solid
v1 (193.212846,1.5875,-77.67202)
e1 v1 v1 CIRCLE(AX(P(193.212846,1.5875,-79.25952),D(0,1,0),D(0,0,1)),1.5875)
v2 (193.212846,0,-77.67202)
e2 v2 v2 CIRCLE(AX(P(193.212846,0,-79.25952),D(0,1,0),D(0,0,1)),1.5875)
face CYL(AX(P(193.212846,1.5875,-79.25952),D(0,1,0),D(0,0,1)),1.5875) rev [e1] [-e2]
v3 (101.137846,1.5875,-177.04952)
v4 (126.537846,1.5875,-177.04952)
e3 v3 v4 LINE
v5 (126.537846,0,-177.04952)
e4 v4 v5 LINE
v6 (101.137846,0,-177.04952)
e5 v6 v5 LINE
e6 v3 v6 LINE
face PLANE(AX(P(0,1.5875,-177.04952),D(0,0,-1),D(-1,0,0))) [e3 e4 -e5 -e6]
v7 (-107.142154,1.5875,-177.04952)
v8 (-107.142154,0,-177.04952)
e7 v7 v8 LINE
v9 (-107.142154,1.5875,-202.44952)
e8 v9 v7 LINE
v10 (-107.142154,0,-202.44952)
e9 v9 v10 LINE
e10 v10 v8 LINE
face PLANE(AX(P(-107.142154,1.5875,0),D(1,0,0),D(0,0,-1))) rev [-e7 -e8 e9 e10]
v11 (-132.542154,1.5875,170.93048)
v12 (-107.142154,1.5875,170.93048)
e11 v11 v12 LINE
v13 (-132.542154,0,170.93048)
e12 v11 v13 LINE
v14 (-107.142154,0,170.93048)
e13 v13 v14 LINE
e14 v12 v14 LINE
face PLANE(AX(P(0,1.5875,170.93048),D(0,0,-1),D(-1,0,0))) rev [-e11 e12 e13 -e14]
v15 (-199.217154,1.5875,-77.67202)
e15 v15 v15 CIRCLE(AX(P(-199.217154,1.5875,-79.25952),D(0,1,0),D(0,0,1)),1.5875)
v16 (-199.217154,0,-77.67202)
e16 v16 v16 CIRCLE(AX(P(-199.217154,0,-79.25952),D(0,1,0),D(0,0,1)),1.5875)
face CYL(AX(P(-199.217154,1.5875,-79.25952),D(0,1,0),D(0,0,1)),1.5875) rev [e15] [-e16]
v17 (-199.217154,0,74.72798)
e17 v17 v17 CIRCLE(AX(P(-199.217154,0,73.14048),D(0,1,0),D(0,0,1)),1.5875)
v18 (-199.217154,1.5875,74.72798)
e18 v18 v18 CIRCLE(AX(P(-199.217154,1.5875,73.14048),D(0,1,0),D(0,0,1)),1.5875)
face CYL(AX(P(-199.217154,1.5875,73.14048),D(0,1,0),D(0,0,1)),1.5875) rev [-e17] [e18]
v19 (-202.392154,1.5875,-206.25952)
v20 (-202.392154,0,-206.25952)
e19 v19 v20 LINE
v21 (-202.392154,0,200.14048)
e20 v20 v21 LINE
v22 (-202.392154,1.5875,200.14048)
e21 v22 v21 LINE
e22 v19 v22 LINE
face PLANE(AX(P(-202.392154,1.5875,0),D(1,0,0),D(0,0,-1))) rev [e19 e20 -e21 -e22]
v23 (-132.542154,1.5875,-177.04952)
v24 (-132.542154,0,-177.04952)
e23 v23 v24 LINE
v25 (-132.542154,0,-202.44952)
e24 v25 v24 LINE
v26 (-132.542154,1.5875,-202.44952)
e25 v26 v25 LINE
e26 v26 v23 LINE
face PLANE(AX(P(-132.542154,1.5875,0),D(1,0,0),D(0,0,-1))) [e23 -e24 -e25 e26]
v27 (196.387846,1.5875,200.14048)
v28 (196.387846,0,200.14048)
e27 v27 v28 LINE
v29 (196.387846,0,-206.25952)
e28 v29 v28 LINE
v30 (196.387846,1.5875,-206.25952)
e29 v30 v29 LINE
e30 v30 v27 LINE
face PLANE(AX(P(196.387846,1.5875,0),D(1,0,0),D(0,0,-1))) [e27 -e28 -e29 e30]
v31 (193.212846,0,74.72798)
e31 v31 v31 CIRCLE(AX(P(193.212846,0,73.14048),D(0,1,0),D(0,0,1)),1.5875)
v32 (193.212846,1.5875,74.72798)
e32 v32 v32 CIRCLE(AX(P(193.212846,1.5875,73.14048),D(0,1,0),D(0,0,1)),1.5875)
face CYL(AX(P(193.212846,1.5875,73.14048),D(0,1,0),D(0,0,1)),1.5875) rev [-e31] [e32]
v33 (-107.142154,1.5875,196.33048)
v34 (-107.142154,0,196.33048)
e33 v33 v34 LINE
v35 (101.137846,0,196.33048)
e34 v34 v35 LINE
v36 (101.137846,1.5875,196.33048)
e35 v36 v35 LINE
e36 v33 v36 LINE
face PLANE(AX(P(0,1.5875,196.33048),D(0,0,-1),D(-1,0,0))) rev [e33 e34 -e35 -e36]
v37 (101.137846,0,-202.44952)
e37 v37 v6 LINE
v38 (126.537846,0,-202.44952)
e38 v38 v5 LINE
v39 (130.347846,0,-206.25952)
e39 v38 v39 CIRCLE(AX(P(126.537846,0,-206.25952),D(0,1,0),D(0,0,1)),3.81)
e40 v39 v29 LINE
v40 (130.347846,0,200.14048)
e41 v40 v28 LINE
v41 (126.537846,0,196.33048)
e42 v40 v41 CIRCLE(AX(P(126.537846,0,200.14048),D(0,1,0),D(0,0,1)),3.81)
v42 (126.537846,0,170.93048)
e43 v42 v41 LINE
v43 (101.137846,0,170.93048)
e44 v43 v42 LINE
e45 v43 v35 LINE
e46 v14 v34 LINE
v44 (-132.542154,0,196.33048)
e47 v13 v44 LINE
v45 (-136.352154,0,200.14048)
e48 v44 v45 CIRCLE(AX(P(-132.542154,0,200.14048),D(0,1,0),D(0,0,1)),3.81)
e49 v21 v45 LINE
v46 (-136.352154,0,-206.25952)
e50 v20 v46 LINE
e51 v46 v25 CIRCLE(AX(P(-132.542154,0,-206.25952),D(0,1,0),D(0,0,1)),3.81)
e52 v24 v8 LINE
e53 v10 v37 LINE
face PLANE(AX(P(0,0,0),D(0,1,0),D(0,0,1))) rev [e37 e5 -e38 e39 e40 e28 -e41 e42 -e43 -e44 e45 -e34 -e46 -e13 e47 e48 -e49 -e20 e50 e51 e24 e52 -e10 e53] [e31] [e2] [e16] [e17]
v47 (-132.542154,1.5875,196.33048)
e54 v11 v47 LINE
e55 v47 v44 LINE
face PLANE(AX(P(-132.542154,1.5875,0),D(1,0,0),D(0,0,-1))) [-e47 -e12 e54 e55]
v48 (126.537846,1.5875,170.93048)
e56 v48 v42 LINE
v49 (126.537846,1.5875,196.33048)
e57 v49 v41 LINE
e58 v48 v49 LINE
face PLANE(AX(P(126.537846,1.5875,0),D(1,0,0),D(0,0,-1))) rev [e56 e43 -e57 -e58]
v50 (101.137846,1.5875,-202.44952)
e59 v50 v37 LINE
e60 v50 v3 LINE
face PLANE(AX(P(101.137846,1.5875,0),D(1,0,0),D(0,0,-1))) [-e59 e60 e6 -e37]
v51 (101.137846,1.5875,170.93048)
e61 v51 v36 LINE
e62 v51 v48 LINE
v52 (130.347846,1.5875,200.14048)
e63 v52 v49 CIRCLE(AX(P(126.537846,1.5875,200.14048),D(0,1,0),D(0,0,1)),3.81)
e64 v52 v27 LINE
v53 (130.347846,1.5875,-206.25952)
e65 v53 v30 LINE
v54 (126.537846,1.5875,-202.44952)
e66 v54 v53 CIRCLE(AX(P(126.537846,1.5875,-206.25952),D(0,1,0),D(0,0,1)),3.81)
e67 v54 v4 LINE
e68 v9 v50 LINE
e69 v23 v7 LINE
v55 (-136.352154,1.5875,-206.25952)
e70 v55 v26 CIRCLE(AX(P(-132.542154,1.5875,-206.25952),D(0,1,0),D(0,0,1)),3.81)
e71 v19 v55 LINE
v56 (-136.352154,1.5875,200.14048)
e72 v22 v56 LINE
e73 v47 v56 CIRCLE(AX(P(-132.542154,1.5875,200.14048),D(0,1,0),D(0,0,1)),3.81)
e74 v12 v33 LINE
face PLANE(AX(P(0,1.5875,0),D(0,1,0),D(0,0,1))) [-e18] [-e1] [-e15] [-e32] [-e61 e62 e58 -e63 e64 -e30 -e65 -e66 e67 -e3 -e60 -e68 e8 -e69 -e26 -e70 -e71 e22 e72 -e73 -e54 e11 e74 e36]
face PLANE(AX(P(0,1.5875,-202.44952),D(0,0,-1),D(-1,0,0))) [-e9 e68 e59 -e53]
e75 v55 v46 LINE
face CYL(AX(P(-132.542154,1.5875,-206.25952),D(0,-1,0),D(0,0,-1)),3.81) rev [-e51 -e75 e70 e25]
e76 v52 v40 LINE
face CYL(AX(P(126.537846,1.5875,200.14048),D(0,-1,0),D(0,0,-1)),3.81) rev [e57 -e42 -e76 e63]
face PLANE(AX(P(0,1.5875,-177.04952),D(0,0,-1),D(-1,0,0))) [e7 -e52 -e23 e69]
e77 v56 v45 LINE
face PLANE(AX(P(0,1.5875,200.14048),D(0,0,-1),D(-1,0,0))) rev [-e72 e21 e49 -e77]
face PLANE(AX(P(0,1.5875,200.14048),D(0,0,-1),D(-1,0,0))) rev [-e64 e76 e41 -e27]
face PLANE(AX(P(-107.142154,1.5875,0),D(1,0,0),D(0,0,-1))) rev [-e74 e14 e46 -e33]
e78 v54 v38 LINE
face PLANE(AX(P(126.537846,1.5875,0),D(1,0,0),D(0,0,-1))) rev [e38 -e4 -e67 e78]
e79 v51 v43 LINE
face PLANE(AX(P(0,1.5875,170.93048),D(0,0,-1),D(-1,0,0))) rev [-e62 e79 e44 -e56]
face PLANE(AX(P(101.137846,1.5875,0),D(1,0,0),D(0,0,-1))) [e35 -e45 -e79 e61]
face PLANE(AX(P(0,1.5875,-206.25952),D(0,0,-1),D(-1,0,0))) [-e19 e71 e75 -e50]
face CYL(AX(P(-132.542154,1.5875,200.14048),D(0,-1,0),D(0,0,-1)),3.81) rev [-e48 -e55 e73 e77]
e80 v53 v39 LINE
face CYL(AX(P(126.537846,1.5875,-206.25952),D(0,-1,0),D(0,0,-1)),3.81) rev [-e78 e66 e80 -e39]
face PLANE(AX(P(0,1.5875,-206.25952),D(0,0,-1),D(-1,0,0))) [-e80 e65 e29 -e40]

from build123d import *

# Parameters (mm, degrees)
BOSS_EXTRUDE1_DEPTH          = 1.5875
F_1_8_0_125_DIAMETER_HOLE1_D = 3.175


with BuildPart() as part:
    # Sketch1 → Boss-Extrude1 (new body)
    with BuildSketch(Plane(origin=(0, 0, 0), x_dir=(1, 0, 0), z_dir=(0, 1, 0))):
        with BuildLine():
            ThreePointArc((-132.542154043, 202.449520044), (-135.236230879, 203.565443208), (-136.352154043, 206.259520044))
            Line((-136.352154043, 206.259520044), (-202.392154043, 206.259520044))
            Line((-202.392154043, 206.259520044), (-202.392154043, -200.140479956))
            Line((-202.392154043, -200.140479956), (-136.352154043, -200.140479956))
            ThreePointArc((-136.352154043, -200.140479956), (-135.236230879, -197.44640312), (-132.542154043, -196.330479956))
            Line((-132.542154043, -196.330479956), (-132.542154043, -170.930479956))
            Line((-132.542154043, -170.930479956), (-107.142154043, -170.930479956))
            Line((-107.142154043, -170.930479956), (-107.142154043, -196.330479956))
            Line((-107.142154043, -196.330479956), (101.137845957, -196.330479956))
            Line((101.137845957, -196.330479956), (101.137845957, -170.930479956))
            Line((101.137845957, -170.930479956), (126.537845957, -170.930479956))
            Line((126.537845957, -170.930479956), (126.537845957, -196.330479956))
            ThreePointArc((126.537845957, -196.330479956), (129.231922793, -197.44640312), (130.347845957, -200.140479956))
            Line((130.347845957, -200.140479956), (196.387845957, -200.140479956))
            Line((196.387845957, -200.140479956), (196.387845957, 206.259520044))
            Line((196.387845957, 206.259520044), (130.347845957, 206.259520044))
            ThreePointArc((130.347845957, 206.259520044), (129.231922793, 203.565443208), (126.537845957, 202.449520044))
            Line((126.537845957, 202.449520044), (126.537845957, 177.049520044))
            Line((126.537845957, 177.049520044), (101.137845957, 177.049520044))
            Line((101.137845957, 177.049520044), (101.137845957, 202.449520044))
            Line((101.137845957, 202.449520044), (-107.142154043, 202.449520044))
            Line((-107.142154043, 202.449520044), (-107.142154043, 177.049520044))
            Line((-107.142154043, 177.049520044), (-132.542154043, 177.049520044))
            Line((-132.542154043, 177.049520044), (-132.542154043, 202.449520044))
        make_face()
    extrude(amount=BOSS_EXTRUDE1_DEPTH)

    # 1/8 (0.125) Diameter Hole1 (through all)
    with Locations(Plane(origin=(0, 1.5875, 0), x_dir=(1, 0, 0), z_dir=(0, 1, 0))):
        with Locations((-199.217154043, 79.259520044), (-199.217154043, -73.140479956), (193.212845957, -73.140479956), (193.212845957, 79.259520044)):
            Hole(F_1_8_0_125_DIAMETER_HOLE1_D / 2)


solid = part.part
